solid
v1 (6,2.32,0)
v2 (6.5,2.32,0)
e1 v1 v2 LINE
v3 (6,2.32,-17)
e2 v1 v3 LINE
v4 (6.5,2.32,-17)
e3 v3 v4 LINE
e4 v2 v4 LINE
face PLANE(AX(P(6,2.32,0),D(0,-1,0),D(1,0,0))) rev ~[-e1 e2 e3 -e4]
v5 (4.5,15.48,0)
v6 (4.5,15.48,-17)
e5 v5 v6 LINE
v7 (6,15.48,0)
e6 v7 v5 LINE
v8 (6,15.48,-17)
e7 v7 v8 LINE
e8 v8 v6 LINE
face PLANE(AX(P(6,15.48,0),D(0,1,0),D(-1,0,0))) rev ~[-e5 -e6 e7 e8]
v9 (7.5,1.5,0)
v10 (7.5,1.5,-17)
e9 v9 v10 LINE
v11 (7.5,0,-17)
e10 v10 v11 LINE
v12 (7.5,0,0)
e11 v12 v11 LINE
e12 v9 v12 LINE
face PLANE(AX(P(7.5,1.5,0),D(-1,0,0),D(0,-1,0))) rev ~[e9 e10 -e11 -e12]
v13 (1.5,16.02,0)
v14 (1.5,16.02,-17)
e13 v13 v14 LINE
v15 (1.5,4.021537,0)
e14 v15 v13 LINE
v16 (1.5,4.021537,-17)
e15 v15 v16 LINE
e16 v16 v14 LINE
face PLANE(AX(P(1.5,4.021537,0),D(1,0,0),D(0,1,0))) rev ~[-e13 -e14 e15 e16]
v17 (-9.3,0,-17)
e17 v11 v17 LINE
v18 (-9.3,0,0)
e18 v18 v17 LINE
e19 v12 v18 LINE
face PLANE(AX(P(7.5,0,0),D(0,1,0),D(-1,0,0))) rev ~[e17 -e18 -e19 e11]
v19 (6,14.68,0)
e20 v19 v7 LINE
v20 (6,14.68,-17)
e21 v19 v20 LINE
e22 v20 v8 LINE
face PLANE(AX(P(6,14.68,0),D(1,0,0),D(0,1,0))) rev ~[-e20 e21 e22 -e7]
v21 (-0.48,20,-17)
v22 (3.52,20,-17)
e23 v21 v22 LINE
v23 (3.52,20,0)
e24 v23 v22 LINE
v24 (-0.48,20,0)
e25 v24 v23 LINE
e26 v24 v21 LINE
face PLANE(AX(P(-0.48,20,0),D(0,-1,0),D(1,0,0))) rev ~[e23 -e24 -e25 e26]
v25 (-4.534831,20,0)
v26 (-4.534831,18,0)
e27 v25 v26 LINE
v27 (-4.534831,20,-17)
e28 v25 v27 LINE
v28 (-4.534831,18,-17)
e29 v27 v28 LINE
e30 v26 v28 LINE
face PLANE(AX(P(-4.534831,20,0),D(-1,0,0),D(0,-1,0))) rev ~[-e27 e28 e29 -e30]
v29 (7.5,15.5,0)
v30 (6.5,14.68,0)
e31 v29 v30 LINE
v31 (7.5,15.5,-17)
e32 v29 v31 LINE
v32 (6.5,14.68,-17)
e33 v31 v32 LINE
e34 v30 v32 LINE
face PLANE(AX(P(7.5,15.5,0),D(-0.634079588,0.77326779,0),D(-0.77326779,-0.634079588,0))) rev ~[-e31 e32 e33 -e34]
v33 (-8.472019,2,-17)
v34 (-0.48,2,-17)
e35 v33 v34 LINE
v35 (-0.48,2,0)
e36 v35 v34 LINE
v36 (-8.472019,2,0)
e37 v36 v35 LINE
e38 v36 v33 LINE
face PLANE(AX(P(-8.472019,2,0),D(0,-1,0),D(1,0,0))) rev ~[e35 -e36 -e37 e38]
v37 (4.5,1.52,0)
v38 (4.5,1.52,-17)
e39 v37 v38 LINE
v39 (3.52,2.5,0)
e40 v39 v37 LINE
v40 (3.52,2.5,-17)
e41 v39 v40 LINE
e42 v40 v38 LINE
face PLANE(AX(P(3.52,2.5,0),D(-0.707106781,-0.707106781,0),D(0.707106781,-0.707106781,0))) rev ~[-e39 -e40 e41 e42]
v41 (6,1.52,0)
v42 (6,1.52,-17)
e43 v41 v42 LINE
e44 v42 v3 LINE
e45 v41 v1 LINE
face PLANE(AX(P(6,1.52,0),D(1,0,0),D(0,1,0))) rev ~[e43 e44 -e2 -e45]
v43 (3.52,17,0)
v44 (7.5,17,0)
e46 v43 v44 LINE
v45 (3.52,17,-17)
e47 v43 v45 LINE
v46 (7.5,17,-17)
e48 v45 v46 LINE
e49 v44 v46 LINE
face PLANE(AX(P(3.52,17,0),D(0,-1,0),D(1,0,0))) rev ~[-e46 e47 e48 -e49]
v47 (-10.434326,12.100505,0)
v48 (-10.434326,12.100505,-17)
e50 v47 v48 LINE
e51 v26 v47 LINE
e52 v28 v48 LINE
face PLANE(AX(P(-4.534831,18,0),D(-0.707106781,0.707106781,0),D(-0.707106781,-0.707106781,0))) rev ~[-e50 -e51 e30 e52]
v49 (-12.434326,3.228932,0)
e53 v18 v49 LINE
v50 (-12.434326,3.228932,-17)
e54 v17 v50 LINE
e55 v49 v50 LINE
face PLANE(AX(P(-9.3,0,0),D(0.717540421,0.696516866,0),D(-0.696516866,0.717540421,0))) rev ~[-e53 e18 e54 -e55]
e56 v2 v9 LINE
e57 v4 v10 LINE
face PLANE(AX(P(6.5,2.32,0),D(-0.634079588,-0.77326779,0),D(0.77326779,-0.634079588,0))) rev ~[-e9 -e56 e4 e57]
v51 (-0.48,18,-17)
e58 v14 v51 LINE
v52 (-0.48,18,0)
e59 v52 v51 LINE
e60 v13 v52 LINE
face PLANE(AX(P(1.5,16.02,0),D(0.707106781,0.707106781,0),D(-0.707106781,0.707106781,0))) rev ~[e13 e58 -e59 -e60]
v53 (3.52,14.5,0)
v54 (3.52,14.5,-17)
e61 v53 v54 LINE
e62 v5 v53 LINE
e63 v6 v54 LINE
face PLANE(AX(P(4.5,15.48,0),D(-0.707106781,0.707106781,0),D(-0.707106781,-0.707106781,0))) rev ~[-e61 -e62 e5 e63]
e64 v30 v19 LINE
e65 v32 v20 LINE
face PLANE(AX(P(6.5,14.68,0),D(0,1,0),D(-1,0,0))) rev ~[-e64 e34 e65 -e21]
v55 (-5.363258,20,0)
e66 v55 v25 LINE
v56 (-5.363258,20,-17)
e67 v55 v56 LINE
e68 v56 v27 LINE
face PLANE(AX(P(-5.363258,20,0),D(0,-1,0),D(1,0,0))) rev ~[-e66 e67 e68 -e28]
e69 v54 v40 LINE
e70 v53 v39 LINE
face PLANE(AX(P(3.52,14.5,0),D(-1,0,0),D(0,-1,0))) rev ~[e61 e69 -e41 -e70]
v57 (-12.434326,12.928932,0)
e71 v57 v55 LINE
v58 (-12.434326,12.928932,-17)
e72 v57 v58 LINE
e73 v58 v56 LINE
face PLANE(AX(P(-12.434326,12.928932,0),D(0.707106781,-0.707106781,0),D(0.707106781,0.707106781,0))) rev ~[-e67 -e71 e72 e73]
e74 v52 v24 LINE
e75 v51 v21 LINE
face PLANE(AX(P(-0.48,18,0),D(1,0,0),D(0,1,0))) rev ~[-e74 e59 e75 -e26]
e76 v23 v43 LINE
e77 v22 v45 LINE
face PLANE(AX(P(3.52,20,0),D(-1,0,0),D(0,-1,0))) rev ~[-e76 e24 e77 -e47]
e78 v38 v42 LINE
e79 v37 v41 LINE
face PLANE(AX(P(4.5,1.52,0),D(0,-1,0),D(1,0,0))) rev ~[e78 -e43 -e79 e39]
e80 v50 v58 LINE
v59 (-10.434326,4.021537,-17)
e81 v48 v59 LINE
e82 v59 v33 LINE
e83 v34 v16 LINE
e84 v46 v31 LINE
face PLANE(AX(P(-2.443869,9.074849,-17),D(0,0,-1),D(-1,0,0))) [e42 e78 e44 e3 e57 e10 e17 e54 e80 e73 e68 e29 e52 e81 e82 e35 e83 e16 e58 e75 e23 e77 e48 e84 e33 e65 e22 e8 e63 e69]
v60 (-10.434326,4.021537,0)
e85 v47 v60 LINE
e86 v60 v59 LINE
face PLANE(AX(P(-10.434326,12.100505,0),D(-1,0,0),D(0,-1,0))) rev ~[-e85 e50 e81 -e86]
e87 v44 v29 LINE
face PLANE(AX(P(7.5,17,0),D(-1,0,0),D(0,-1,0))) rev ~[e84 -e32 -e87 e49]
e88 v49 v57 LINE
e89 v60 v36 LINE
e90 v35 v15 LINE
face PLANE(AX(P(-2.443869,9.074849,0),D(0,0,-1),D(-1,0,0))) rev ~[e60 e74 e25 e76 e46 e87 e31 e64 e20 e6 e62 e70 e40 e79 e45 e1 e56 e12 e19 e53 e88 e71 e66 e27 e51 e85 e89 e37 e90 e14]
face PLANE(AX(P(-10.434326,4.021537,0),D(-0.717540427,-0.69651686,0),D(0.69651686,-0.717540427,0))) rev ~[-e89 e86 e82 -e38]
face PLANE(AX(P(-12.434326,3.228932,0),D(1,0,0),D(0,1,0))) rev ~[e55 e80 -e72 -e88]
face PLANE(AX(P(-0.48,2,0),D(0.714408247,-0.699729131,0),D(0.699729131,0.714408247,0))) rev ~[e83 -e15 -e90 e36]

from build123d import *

# Parameters (mm, degrees)
PAD_DEPTH = 17


with BuildPart() as part:
    # Sketch (on XY_Plane of Origin) → Pad (new body)
    with BuildSketch(Plane.XY):
        Polygon((6, 1.52), (6, 2.32), (6.5, 2.32), (7.5, 1.5), (7.5, 0), (-9.3, 0), (-12.434326, 3.228932), (-12.434326, 12.928932), (-5.363258, 20), (-4.534831, 20), (-4.534831, 18), (-10.434326, 12.100505), (-10.434326, 4.021537), (-8.472019, 2), (-0.48, 2), (1.5, 4.021537), (1.5, 16.02), (-0.48, 18), (-0.48, 20), (3.52, 20), (3.52, 17), (7.5, 17), (7.5, 15.5), (6.5, 14.68), (6, 14.68), (6, 15.48), (4.5, 15.48), (3.52, 14.5), (3.52, 2.5), (4.5, 1.52), align=None)
    extrude(amount=-PAD_DEPTH)


solid = part.part
